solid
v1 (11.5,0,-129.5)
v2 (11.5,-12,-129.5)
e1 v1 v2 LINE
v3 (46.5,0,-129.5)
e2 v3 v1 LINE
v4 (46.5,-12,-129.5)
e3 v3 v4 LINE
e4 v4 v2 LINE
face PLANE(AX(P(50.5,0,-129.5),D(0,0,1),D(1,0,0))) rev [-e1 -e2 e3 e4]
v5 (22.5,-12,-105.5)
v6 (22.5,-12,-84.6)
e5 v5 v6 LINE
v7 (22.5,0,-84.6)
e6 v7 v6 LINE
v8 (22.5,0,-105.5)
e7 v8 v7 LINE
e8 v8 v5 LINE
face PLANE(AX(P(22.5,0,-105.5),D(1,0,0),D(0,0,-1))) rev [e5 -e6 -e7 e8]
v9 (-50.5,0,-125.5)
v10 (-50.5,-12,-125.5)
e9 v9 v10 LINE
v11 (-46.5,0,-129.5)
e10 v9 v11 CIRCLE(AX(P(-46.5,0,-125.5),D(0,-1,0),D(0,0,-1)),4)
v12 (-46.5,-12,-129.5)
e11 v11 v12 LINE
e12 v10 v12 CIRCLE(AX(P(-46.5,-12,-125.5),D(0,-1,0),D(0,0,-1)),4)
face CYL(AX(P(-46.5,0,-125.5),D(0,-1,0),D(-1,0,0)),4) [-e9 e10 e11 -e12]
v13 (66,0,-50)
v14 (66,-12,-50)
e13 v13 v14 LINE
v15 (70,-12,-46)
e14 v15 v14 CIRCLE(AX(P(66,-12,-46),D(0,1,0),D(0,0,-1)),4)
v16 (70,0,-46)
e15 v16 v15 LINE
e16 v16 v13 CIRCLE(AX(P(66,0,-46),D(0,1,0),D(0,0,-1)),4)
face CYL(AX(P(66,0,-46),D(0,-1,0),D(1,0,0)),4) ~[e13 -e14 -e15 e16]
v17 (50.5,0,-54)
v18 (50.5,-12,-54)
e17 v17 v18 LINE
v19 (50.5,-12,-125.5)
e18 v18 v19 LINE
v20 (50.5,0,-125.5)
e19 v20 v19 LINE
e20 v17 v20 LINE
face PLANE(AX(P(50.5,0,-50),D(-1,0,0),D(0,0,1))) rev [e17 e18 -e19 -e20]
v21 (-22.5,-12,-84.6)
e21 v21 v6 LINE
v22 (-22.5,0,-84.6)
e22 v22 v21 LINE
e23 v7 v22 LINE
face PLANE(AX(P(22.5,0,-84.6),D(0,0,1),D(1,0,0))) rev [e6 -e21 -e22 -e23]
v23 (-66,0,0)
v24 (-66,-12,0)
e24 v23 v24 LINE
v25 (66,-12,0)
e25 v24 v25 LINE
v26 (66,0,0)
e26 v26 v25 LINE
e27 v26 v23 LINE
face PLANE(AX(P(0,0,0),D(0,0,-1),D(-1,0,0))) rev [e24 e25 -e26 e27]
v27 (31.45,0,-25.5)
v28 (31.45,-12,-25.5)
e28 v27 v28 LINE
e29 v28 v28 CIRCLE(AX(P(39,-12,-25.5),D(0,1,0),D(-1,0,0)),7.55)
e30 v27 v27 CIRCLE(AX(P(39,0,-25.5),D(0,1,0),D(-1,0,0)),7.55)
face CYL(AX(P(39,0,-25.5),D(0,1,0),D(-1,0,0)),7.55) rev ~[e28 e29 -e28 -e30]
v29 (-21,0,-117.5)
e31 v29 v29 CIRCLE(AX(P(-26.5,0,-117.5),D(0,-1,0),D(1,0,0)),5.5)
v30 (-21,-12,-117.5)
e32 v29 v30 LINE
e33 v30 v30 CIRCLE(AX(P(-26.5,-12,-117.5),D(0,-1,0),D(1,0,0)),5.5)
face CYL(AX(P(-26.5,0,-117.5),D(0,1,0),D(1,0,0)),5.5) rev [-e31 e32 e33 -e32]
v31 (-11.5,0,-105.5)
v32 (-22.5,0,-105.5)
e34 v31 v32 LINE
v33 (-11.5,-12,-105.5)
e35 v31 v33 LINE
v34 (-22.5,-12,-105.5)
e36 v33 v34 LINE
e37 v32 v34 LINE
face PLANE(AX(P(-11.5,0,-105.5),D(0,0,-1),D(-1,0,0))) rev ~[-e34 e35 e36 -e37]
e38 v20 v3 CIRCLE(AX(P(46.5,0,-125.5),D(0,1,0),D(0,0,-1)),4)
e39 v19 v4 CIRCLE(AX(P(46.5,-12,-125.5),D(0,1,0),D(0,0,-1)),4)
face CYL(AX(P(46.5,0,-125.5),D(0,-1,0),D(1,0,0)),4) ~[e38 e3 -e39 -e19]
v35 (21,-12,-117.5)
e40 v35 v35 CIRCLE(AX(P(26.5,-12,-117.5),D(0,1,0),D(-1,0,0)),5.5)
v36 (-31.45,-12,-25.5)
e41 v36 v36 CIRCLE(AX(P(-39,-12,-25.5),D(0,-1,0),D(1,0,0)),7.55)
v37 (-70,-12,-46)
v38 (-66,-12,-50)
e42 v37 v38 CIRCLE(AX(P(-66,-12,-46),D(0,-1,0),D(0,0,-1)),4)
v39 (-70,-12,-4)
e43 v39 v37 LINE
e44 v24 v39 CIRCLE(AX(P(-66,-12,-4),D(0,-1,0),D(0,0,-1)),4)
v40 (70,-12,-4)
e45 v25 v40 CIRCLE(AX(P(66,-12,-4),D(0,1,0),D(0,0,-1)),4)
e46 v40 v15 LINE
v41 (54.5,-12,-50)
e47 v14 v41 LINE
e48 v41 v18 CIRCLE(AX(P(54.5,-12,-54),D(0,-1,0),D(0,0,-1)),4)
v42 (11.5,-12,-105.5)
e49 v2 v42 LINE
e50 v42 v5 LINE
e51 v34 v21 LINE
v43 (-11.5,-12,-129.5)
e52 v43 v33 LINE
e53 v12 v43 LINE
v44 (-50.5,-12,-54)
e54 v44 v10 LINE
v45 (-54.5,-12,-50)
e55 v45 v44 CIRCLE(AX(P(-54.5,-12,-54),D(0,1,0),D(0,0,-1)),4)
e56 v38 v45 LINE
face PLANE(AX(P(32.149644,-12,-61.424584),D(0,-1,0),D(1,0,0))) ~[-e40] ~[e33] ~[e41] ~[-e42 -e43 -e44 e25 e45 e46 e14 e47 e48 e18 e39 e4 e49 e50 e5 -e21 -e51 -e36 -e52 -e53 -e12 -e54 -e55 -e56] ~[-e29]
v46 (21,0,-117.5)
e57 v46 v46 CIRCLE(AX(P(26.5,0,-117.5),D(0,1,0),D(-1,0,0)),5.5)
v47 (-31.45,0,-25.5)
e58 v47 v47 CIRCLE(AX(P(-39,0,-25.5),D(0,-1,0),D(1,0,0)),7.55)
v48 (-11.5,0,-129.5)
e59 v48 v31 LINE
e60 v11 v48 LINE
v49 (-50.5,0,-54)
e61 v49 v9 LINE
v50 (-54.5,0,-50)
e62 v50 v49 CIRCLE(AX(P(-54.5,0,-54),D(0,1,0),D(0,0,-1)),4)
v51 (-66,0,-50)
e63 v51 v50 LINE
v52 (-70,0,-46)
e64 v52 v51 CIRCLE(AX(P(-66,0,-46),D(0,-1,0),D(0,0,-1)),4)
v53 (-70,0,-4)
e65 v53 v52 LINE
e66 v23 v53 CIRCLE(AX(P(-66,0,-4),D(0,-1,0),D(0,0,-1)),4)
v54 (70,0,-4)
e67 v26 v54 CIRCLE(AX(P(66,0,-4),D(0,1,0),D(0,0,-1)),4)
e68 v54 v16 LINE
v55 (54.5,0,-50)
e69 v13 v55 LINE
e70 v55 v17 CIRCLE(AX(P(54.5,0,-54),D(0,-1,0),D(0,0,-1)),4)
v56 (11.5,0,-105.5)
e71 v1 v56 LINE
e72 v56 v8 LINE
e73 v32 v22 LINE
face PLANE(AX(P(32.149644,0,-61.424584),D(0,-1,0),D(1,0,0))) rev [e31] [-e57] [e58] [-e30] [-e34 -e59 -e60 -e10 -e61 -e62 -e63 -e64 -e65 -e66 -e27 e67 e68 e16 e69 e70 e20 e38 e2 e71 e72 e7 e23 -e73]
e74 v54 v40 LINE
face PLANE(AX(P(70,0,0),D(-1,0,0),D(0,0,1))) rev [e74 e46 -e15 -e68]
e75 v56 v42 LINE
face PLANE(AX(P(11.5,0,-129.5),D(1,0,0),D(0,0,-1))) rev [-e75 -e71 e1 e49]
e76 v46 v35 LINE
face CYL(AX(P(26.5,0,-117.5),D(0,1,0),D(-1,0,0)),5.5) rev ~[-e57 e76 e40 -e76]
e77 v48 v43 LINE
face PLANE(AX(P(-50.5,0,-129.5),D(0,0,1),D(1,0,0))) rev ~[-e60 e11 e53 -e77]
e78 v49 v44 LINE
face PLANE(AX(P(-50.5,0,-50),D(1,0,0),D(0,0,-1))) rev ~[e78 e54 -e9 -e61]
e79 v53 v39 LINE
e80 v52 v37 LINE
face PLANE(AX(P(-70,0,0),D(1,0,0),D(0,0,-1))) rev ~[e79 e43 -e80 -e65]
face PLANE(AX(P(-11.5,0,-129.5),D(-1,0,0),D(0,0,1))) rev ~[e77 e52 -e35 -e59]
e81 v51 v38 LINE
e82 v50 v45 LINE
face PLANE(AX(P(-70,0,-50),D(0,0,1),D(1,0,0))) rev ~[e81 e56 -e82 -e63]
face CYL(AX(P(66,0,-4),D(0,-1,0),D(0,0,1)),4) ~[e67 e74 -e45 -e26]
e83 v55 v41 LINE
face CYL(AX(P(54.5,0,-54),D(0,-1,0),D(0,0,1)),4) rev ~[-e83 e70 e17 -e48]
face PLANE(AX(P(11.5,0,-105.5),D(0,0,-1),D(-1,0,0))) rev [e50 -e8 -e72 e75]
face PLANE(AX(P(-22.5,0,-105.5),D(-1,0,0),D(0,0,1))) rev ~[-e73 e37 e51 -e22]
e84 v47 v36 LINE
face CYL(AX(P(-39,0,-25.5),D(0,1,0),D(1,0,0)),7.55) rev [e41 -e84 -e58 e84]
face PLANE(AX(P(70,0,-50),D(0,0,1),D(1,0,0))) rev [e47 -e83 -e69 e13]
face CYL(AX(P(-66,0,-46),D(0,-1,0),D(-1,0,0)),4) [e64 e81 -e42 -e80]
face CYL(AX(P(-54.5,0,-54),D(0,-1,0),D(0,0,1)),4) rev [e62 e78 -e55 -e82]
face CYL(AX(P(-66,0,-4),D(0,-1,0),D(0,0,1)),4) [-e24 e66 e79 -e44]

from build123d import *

# Parameters (mm, degrees)
F0_R     = 5.5
F0_R_2   = 7.55
F1_DEPTH = 12
F2_R     = 4


with BuildPart() as f1:
    # F0 (on Front) → F1 (new body)
    with BuildSketch(Plane.XZ):
        Polygon((0, -84.6), (0, 0), (-70, 0), (-70, -50), (-50.5, -50), (-50.5, -129.5), (-11.5, -129.5), (-11.5, -105.5), (-22.5, -105.5), (-22.5, -84.6), align=None)
        with Locations((-26.5, -117.5)):
            Circle(F0_R, mode=Mode.SUBTRACT)
        with Locations((-39, -25.5)):
            Circle(F0_R_2, mode=Mode.SUBTRACT)
    extrude(amount=F1_DEPTH)

    # F2
    f2_edges = [f1.edges().sort_by_distance(p)[0] for p in [
        (-50.5, -6, -129.5),
        (-50.5, -6, -50),
        (-70, -6, -50),
        (-70, -6, 0),
    ]]
    fillet(f2_edges, radius=F2_R)

    # F3: F1 across face


with BuildPart() as f1_1:
    add(f1.part)
    add(f1.part.mirror(Plane(origin=(0, -6, -42.3), x_dir=(0, 1, 0), z_dir=(1, 0, 0))))


solid = f1_1.part
